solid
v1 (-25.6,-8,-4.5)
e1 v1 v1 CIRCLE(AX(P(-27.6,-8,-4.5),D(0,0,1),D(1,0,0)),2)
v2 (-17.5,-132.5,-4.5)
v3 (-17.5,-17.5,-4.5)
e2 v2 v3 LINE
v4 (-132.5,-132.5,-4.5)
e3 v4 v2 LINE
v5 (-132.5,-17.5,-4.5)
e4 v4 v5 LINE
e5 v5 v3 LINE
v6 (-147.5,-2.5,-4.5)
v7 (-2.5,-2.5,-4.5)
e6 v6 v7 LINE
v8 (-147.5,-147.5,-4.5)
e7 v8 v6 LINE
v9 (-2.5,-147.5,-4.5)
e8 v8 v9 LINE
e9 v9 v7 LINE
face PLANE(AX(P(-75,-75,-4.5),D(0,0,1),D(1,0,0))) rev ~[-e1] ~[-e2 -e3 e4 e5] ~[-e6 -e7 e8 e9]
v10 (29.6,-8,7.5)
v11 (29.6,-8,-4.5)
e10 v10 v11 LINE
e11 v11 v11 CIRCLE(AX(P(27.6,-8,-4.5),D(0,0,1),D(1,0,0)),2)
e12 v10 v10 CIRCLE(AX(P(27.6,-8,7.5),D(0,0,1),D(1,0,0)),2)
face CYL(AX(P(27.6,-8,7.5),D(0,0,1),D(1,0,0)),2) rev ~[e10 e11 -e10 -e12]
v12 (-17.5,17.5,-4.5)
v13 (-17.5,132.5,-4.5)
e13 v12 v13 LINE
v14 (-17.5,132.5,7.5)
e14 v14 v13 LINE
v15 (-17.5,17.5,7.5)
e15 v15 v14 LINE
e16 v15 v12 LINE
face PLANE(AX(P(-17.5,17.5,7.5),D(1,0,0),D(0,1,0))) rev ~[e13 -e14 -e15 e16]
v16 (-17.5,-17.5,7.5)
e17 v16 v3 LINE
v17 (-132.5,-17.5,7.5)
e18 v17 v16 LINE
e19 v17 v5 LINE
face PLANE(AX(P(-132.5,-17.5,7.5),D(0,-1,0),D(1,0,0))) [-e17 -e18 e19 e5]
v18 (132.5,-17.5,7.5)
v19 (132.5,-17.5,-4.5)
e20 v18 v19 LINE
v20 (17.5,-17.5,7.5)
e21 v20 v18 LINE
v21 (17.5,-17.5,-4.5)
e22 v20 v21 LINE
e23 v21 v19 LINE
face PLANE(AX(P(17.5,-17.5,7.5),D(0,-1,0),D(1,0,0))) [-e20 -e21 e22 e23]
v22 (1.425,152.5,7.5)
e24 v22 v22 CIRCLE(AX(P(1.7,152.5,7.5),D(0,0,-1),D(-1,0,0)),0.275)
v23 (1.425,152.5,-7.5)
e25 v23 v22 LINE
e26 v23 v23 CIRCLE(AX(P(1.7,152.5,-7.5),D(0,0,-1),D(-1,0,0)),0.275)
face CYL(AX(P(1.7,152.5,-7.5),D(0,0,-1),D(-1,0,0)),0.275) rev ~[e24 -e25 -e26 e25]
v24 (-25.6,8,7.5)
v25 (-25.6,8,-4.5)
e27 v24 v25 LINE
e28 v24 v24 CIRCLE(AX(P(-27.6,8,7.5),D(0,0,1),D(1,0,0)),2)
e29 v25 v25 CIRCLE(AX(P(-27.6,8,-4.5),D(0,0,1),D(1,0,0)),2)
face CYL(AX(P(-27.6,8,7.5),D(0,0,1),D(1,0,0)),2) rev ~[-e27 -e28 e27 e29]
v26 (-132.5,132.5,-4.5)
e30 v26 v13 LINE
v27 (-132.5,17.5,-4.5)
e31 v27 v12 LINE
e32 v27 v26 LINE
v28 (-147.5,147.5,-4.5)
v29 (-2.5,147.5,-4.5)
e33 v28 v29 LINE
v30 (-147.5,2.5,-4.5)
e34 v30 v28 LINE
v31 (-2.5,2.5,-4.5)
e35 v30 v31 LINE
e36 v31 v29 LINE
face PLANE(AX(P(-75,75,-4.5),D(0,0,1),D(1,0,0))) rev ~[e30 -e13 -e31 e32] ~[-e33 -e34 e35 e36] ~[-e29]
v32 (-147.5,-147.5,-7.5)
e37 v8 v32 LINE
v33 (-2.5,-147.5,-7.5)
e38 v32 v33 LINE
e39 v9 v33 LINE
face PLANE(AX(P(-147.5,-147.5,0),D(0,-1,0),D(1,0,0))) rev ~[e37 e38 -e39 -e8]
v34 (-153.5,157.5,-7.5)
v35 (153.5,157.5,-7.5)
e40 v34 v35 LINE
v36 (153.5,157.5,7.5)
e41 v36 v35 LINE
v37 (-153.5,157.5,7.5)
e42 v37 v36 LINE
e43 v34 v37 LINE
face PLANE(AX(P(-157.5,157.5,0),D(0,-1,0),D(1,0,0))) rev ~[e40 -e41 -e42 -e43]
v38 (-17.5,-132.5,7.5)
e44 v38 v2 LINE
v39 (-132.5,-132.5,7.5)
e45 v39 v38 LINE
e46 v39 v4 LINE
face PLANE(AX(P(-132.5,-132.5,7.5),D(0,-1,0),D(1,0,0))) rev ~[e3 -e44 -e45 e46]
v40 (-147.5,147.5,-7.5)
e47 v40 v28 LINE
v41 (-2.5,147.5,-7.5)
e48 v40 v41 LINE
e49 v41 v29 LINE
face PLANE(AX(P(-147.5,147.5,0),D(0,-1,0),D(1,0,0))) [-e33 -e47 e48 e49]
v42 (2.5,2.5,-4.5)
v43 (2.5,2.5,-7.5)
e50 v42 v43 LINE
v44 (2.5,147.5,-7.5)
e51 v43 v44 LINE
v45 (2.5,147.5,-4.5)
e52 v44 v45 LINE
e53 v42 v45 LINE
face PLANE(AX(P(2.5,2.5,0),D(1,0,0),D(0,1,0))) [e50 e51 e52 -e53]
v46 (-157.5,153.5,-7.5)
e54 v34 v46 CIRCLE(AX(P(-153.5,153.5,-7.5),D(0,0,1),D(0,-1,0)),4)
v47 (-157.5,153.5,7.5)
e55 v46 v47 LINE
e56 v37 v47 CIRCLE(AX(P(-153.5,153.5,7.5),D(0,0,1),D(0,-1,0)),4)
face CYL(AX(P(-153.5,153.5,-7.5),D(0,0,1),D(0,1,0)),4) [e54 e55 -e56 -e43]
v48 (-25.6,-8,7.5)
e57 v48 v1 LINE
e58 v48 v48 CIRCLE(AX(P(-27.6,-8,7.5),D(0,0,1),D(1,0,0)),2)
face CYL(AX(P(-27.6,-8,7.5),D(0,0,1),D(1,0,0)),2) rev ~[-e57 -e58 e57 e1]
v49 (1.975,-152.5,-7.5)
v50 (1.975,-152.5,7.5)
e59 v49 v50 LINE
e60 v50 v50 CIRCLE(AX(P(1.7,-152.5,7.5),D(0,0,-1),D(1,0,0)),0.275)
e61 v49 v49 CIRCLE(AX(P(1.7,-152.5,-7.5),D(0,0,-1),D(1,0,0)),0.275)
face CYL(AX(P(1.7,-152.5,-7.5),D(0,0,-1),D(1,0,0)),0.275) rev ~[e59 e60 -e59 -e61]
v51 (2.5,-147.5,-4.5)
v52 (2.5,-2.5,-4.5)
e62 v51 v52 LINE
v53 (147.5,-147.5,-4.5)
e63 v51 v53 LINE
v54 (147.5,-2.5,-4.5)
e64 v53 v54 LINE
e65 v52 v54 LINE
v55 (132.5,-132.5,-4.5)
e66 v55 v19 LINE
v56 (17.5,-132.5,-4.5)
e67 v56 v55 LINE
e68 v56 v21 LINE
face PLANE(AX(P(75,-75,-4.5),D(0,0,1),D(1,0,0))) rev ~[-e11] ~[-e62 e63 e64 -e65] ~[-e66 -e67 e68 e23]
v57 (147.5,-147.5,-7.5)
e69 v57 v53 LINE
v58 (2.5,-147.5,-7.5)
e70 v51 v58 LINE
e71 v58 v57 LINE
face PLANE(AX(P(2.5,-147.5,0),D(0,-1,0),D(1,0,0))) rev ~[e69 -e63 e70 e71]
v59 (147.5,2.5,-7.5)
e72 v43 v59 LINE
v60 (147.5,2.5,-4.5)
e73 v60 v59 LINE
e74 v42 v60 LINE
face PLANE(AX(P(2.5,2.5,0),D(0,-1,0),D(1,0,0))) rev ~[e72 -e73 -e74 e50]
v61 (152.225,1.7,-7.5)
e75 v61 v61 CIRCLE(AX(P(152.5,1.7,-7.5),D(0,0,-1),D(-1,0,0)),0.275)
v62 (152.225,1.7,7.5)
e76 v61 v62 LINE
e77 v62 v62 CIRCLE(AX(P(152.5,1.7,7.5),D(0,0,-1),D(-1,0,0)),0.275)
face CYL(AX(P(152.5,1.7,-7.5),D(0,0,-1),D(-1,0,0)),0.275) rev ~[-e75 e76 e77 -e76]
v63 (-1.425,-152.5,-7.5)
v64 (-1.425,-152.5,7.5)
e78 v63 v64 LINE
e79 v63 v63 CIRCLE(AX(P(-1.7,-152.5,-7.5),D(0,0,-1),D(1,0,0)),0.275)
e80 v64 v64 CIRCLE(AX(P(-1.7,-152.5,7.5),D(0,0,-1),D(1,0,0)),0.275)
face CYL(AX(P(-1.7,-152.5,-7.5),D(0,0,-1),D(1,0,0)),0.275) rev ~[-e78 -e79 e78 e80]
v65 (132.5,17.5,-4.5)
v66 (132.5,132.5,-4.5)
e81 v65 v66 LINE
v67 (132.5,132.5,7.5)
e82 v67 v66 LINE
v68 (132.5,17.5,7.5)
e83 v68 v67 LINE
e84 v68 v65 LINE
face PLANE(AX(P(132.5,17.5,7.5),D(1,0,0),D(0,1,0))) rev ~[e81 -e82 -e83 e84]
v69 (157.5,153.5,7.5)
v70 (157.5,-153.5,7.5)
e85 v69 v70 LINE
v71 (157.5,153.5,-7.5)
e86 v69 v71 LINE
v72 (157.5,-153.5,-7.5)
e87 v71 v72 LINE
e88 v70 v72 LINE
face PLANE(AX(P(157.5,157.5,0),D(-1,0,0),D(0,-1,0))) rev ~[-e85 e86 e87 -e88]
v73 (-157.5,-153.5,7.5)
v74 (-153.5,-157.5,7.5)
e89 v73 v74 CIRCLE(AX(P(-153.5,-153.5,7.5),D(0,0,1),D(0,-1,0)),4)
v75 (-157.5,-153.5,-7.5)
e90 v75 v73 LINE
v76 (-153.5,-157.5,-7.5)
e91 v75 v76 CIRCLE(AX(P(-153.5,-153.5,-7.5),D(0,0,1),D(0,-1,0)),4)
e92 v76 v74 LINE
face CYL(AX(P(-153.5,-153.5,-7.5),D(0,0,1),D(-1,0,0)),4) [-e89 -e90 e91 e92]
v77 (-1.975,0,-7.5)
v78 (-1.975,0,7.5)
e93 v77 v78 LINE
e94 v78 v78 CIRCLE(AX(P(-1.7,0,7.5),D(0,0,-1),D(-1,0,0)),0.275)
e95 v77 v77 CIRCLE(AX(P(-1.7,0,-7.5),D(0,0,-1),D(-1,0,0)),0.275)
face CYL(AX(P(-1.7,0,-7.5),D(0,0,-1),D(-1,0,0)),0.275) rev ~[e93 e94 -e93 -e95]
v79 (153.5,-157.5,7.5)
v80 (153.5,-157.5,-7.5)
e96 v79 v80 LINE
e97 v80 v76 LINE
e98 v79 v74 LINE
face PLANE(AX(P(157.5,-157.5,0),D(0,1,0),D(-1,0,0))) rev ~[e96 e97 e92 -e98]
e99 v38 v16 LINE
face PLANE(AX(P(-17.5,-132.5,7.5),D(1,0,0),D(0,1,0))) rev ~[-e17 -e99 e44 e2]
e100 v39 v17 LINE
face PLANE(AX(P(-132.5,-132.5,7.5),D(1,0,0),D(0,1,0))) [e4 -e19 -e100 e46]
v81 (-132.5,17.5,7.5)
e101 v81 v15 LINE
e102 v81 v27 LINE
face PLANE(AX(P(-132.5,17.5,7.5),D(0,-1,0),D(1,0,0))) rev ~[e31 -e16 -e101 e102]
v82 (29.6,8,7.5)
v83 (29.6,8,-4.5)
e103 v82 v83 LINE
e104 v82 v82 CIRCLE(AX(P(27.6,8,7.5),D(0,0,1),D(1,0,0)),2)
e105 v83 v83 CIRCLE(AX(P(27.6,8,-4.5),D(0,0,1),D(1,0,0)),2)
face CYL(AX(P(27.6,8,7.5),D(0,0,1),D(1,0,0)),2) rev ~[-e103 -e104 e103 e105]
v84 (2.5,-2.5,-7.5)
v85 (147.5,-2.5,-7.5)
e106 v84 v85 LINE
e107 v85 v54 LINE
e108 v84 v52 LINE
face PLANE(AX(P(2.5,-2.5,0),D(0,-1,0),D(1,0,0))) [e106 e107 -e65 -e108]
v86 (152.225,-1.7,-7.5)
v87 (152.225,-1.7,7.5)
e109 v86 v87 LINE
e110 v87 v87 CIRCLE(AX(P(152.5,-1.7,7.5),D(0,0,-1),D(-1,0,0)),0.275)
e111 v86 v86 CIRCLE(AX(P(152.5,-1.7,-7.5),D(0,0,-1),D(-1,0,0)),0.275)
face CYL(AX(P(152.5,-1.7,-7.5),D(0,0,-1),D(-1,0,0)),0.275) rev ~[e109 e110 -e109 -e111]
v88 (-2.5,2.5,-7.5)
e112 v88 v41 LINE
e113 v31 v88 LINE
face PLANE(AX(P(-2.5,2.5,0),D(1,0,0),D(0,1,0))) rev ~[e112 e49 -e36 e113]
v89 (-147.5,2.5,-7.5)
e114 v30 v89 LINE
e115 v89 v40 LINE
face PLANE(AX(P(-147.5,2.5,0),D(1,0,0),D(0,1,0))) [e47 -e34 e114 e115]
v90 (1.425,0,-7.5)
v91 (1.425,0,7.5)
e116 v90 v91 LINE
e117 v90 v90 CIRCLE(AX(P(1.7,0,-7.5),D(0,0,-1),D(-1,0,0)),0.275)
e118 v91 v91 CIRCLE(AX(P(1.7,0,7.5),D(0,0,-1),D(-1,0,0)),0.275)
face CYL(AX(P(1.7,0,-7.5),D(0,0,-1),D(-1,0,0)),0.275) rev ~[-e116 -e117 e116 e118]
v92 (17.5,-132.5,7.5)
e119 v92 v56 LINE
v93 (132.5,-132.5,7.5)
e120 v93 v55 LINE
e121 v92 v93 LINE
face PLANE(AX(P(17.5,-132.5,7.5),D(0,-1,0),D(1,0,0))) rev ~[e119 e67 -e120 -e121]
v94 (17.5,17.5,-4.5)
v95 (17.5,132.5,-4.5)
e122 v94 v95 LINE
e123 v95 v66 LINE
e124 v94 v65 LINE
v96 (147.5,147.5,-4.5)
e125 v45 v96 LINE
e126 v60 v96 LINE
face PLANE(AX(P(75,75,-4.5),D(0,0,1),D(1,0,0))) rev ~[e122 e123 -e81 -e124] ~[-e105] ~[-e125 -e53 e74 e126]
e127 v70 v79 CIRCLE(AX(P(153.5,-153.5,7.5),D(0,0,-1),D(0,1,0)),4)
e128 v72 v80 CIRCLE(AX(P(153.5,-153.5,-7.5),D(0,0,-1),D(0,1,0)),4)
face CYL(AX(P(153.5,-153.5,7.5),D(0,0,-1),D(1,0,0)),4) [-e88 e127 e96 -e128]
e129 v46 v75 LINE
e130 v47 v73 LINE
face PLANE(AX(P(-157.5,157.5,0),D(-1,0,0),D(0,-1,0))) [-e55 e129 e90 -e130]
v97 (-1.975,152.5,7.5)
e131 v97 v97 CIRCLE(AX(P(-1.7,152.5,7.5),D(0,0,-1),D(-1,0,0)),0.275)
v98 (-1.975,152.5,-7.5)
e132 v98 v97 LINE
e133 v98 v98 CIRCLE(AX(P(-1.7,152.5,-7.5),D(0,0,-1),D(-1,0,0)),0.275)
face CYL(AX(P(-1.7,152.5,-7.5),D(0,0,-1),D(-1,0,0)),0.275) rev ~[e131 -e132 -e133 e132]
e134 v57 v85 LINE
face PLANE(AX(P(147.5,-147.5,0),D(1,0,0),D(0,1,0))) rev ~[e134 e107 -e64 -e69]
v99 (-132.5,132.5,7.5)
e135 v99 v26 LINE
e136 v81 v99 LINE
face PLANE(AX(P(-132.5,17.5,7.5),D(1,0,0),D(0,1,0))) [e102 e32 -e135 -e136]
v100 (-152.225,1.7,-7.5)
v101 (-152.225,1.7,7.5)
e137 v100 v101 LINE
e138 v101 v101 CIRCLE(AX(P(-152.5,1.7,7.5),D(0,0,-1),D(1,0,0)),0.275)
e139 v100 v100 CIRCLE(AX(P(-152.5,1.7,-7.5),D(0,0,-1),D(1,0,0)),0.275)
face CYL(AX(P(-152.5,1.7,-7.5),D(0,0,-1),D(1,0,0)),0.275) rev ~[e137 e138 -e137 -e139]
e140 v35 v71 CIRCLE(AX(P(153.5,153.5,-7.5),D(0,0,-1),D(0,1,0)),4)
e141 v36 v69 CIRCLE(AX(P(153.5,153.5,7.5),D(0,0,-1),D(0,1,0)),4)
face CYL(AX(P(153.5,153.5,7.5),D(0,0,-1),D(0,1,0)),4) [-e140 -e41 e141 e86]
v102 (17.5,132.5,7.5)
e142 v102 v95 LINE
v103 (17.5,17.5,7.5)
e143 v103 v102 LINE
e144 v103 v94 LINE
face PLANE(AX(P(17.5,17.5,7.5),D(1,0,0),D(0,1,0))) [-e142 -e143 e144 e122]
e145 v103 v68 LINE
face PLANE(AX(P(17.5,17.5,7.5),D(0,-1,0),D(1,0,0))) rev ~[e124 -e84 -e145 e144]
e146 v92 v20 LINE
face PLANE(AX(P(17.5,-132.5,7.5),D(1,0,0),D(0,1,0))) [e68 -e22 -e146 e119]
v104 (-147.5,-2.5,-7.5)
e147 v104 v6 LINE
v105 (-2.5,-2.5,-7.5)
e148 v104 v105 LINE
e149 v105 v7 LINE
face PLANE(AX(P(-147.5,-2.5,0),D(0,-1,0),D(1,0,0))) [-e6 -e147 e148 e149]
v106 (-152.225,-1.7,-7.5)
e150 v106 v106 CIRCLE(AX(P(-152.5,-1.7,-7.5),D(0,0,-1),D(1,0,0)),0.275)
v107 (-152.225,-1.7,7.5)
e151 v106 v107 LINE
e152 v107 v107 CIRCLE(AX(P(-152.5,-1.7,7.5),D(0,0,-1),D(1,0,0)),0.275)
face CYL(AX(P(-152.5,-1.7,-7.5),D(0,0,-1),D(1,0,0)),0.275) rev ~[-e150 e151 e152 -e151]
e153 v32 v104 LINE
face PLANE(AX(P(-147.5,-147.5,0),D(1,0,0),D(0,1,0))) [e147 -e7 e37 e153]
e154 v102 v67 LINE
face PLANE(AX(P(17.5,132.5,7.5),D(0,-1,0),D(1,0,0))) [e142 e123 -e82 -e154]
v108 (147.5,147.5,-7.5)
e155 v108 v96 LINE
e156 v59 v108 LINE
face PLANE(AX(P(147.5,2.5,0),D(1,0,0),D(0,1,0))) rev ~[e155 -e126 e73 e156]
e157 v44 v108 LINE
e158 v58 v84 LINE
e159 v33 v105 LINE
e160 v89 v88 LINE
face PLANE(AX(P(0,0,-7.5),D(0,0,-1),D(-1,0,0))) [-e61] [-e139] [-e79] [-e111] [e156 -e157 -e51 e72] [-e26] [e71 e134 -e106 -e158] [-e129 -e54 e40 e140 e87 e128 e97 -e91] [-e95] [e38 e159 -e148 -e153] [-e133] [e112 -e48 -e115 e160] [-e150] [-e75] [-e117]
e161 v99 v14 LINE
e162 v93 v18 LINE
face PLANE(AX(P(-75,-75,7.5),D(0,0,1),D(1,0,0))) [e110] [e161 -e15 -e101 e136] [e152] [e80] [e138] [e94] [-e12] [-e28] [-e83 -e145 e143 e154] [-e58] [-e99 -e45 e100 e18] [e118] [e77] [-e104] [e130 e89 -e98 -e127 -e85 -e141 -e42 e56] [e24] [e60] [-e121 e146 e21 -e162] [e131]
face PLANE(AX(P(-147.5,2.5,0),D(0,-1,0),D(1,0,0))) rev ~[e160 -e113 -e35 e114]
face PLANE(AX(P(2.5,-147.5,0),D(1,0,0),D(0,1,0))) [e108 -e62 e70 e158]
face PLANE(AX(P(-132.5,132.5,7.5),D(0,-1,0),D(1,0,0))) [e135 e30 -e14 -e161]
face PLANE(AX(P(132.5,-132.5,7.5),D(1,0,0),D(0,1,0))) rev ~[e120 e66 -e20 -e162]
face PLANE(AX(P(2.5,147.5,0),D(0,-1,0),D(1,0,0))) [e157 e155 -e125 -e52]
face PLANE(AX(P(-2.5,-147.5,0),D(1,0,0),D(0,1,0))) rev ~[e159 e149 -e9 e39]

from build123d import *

# Parameters (mm, degrees)
SKETCH1_W           = 145
SKETCH1_H           = 145
BOSS_EXTRUDE2_DEPTH = 7.5
SKETCH3_W           = 145
SKETCH3_H           = 145
SKETCH3_W_2         = 115
SKETCH3_H_2         = 115
BOSS_EXTRUDE4_DEPTH = 12
SKETCH4_R           = 0.275
CUT_EXTRUDE1_DEPTH  = 224.243140992
SKETCH5_R           = 2
CUT_EXTRUDE2_DEPTH  = 224.243140992
FILLET1_R           = 4


with BuildPart() as part:
    # Sketch1 → Boss-Extrude2 (new, symmetric)
    with BuildSketch(Plane.XY):
        Polygon((-157.5, 157.5), (157.5, 157.5), (157.5, -157.5), (-157.5, -157.5), (-157.5, -2.5), (-157.5, 2.5), align=None)
        with Locations((-75, 75)):
            Rectangle(SKETCH1_W, SKETCH1_H, mode=Mode.SUBTRACT)
        with Locations((-75, -75)):
            Rectangle(SKETCH1_W, SKETCH1_H, mode=Mode.SUBTRACT)
        with Locations((75, 75)):
            Rectangle(SKETCH1_W, SKETCH1_H, mode=Mode.SUBTRACT)
        with Locations((75, -75)):
            Rectangle(SKETCH1_W, SKETCH1_H, mode=Mode.SUBTRACT)
    extrude(amount=BOSS_EXTRUDE2_DEPTH, both=True)

    # Sketch3 → Boss-Extrude4 (add)
    # profile 1 of 4: a face of its own
    with BuildSketch(Plane.XY.offset(7.5)):
        with Locations((-75, -75)):
            Rectangle(SKETCH3_W, SKETCH3_H)
        with Locations((-75, -75)):
            Rectangle(SKETCH3_W_2, SKETCH3_H_2, mode=Mode.SUBTRACT)
    # profile 2 of 4: a face of its own
    with BuildSketch(Plane.XY.offset(7.5)):
        with Locations((75, -75)):
            Rectangle(SKETCH3_W, SKETCH3_H)
        with Locations((75, -75)):
            Rectangle(SKETCH3_W_2, SKETCH3_H_2, mode=Mode.SUBTRACT)
    # profile 3 of 4: a face of its own
    with BuildSketch(Plane.XY.offset(7.5)):
        with Locations((75, 75)):
            Rectangle(SKETCH3_W, SKETCH3_H)
        with Locations((75, 75)):
            Rectangle(SKETCH3_W_2, SKETCH3_H_2, mode=Mode.SUBTRACT)
    # profile 4 of 4: a face of its own
    with BuildSketch(Plane.XY.offset(7.5)):
        with Locations((-75, 75)):
            Rectangle(SKETCH3_W, SKETCH3_H)
        with Locations((-75, 75)):
            Rectangle(SKETCH3_W_2, SKETCH3_H_2, mode=Mode.SUBTRACT)
    extrude(amount=-BOSS_EXTRUDE4_DEPTH)

    # Sketch4 → Cut-Extrude1 (cut, through all)
    with BuildSketch(Plane(origin=(0, 0, -7.5), x_dir=(-1, 0, 0), z_dir=(0, 0, -1))):
        with Locations((-1.7, 152.5)):
            Circle(SKETCH4_R)
        with Locations((1.7, 152.5)):
            Circle(SKETCH4_R)
        with Locations((-1.7, 0)):
            Circle(SKETCH4_R)
        with Locations((1.7, 0)):
            Circle(SKETCH4_R)
        with Locations((-152.5, 1.7)):
            Circle(SKETCH4_R)
        with Locations((-152.5, -1.7)):
            Circle(SKETCH4_R)
        with Locations(Location((1.7, -152.5, 0), (0, 0, 180))):
            Circle(SKETCH4_R)
        with Locations(Location((-1.7, -152.5, 0), (0, 0, 180))):
            Circle(SKETCH4_R)
        with Locations(Location((152.5, -1.7, 0), (0, 0, 180))):
            Circle(SKETCH4_R)
        with Locations(Location((152.5, 1.7, 0), (0, 0, 180))):
            Circle(SKETCH4_R)
    extrude(amount=-CUT_EXTRUDE1_DEPTH, mode=Mode.SUBTRACT)

    # Sketch5 → Cut-Extrude2 (cut, through all)
    with BuildSketch(Plane.XY.offset(7.5)):
        with Locations((-27.6, -8)):
            Circle(SKETCH5_R)
        with Locations((-27.6, 8)):
            Circle(SKETCH5_R)
        with Locations((27.6, 8)):
            Circle(SKETCH5_R)
        with Locations((27.6, -8)):
            Circle(SKETCH5_R)
    extrude(amount=-CUT_EXTRUDE2_DEPTH, mode=Mode.SUBTRACT)

    # Fillet1
    fillet1_edges = [part.edges().sort_by_distance(p)[0] for p in [
        (-157.5, 157.5, 0),
        (157.5, 157.5, 0),
        (157.5, -157.5, 0),
        (-157.5, -157.5, 0),
    ]]
    fillet(fillet1_edges, radius=FILLET1_R)


solid = part.part
